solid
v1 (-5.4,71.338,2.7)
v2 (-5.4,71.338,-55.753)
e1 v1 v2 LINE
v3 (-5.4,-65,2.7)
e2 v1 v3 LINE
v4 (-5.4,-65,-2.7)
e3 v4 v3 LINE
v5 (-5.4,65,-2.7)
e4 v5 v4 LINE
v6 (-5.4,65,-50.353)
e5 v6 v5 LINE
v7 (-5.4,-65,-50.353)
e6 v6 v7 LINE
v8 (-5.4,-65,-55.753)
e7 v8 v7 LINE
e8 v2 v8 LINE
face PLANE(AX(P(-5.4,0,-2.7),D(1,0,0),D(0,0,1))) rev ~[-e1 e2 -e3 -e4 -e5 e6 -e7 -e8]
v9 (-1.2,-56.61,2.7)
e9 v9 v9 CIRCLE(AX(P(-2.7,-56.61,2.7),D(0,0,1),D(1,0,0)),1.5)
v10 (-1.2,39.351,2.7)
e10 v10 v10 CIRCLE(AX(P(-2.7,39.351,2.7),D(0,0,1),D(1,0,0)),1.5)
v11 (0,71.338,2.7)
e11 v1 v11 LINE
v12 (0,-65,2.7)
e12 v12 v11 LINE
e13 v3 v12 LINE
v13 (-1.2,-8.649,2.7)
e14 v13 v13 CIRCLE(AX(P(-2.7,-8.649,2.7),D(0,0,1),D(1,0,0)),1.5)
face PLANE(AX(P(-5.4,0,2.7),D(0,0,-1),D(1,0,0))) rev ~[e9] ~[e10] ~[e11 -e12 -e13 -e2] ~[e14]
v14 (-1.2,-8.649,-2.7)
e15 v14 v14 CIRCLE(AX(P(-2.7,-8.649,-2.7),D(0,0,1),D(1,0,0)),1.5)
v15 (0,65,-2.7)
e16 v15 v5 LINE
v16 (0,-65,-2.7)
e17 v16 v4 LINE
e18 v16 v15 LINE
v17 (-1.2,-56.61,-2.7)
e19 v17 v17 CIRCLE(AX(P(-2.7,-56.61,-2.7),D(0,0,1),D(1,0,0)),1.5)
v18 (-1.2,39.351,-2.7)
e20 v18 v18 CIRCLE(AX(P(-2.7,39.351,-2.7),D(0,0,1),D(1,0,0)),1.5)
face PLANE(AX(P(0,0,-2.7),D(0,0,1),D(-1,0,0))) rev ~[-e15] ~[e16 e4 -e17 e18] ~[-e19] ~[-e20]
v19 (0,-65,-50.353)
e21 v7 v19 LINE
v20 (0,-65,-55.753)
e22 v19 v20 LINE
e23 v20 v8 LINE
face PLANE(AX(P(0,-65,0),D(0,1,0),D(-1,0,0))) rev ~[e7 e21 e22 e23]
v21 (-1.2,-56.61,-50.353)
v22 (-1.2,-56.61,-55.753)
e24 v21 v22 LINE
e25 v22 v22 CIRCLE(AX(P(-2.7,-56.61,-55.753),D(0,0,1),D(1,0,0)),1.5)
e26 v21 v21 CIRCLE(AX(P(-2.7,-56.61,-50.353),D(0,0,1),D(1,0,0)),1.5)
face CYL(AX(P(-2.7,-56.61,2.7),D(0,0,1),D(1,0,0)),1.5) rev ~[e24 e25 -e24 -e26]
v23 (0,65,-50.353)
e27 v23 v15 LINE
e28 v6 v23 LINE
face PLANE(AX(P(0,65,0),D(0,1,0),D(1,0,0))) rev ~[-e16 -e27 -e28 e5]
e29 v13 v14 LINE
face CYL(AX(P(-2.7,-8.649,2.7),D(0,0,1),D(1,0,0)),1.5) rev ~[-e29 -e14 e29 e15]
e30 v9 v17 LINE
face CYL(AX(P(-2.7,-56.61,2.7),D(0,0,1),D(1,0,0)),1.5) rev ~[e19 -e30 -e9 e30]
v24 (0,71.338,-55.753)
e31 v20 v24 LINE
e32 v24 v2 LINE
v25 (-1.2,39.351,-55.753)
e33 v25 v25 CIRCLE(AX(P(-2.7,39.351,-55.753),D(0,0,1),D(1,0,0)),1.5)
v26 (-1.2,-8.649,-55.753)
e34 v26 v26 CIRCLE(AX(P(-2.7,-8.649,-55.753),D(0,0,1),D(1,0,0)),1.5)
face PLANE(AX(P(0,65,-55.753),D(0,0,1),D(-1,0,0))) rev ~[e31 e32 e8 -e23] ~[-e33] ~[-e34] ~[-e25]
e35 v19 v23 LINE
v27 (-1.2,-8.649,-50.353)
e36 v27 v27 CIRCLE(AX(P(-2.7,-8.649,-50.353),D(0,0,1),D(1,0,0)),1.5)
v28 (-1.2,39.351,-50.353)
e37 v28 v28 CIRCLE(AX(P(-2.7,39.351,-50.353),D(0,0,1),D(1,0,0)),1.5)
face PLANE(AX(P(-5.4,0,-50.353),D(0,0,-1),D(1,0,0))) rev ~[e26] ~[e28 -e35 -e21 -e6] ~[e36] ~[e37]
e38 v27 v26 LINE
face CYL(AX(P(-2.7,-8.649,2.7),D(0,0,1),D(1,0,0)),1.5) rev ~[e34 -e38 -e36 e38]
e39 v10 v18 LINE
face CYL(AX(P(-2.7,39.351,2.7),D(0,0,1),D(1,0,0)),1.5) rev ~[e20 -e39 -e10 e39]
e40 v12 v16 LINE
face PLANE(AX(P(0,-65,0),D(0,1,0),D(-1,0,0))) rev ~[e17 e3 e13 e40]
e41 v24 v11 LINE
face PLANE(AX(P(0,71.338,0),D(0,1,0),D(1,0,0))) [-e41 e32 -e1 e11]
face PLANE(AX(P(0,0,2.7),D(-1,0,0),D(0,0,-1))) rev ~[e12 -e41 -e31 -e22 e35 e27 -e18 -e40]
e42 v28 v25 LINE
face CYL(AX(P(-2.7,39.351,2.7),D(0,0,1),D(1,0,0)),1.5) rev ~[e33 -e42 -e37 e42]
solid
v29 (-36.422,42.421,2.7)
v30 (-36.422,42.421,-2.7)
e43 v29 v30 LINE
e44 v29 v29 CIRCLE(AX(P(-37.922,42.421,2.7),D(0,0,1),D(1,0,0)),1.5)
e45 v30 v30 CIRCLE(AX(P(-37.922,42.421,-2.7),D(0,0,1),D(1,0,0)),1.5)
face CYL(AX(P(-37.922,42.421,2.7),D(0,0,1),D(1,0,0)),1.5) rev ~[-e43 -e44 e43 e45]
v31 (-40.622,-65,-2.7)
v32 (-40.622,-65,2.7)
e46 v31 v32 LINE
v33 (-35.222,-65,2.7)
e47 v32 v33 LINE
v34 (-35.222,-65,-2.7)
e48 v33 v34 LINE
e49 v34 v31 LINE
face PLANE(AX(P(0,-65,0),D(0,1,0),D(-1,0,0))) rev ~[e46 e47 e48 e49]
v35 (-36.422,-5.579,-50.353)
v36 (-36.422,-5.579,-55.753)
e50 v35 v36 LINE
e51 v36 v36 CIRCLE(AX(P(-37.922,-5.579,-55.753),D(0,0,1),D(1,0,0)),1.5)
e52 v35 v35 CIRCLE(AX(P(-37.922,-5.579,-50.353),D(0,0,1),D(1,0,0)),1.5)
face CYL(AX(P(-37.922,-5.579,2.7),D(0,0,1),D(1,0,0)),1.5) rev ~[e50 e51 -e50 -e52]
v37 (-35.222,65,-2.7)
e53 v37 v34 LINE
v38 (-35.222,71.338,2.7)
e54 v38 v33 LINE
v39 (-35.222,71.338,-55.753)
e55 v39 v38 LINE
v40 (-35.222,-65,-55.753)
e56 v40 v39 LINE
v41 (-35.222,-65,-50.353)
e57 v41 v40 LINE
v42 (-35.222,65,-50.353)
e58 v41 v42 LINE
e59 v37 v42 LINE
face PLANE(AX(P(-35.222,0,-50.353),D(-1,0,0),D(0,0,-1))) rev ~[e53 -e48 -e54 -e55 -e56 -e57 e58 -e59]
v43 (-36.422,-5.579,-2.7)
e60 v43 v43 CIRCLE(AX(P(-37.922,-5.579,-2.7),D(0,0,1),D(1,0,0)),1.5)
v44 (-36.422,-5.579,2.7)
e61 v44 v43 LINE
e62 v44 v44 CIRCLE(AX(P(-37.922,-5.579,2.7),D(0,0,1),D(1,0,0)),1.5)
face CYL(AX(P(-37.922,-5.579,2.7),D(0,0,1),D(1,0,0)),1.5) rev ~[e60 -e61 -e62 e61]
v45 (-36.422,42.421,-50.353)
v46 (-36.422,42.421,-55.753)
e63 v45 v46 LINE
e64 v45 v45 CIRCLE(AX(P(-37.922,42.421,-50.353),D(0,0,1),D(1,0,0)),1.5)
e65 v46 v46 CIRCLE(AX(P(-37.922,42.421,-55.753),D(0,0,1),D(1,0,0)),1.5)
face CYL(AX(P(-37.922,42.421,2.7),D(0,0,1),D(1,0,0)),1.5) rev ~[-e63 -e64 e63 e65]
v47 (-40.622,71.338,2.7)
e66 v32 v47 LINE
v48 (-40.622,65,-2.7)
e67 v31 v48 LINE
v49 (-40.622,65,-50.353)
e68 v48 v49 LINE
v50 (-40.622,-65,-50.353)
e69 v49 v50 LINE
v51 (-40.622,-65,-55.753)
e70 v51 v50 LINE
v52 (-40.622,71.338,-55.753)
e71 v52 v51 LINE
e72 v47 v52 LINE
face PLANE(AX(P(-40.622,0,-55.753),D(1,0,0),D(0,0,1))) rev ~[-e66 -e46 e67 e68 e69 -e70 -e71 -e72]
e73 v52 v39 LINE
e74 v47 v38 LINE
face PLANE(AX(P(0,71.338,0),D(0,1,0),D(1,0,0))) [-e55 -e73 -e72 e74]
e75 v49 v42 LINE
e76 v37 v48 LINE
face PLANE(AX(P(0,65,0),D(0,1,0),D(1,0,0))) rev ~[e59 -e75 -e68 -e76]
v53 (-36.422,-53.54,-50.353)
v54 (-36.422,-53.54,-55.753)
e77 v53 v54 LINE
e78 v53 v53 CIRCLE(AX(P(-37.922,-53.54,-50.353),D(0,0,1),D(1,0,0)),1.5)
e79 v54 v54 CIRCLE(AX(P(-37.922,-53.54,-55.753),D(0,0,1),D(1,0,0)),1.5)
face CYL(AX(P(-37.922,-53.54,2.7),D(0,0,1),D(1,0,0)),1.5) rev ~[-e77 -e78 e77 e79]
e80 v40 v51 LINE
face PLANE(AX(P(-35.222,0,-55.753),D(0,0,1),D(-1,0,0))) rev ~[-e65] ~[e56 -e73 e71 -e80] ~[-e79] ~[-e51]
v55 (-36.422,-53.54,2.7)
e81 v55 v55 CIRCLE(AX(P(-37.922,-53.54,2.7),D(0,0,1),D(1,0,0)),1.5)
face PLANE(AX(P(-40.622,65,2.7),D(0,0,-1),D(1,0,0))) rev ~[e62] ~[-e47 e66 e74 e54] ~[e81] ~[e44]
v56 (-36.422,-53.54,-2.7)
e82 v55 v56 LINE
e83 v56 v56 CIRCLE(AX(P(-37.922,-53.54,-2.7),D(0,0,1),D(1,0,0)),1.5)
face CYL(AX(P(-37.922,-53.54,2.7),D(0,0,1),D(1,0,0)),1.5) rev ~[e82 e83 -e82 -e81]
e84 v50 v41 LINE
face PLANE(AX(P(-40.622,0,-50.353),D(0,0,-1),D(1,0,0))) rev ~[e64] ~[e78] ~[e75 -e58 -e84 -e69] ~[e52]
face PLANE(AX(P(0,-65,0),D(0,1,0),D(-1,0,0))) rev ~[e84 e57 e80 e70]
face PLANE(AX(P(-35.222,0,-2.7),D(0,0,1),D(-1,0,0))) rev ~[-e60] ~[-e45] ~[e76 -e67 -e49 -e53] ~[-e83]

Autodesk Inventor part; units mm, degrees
ref_plane "YZ Plane" through (0, 0, 0) normal (1, 0, 0) x (0, 1, 0)
ref_plane "XZ Plane" through (0, 0, 0) normal (0, 1, 0) x (-1, 0, 0)
ref_plane "XY Plane" through (0, 0, 0) normal (0, 0, 1) x (1, 0, 0)
sketch "Esboço1" plane through (0, 0, 0) normal (0, 1, 0) x (-1, 0, 0)
  line L0 (0, 2.7) -> (0, -2.7)
  line L1 (0, -2.7) -> (5.4, -2.7)
  line L2 (5.4, -2.7) -> (5.4, 2.7)
  line L3 (5.4, 2.7) -> (0, 2.7)
  line L4 (0, -50.353) -> (0, -55.753)
  line L5 (0, -55.753) -> (5.4, -55.753)
  line L6 (5.4, -55.753) -> (5.4, -50.353)
  line L7 (5.4, -50.353) -> (0, -50.353)
  line L8 (35.222, -50.353) -> (35.222, -55.753)
  line L9 (35.222, -55.753) -> (40.622, -55.753)
  line L10 (40.622, -55.753) -> (40.622, -50.353)
  line L11 (40.622, -50.353) -> (35.222, -50.353)
  line L12 (40.622, -2.7) -> (40.622, 2.7)
  line L13 (40.622, 2.7) -> (35.222, 2.7)
  line L14 (35.222, 2.7) -> (35.222, -2.7)
  line L15 (35.222, -2.7) -> (40.622, -2.7)
  point P0 (0, 0)
  point P1 (0, -53.053)
  point P2 (0, 0)
  point P3 (5.4, 0)
  point P4 (5.4, -53.053)
  point P5 (35.222, -53.053)
  point P6 (35.222, 0)
  point P7 (40.622, 0)
  point P8 (40.622, -53.053)
  point P9 (37.922, -55.753)
  point P10 (2.7, -55.753)
  point P11 (37.922, -2.7)
  point P12 (2.7, -2.7)
  point P13 (37.922, -50.353)
  point P14 (2.7, -50.353)
  point P15 (37.922, 2.7)
  point P16 (2.7, 2.7)
  dimension "d0" = 47.653
  dimension "d7" = 5.4
  dimension "d8" = 35.222
extrude "Extrusão1" add sketch "Esboço1" along normal mid plane 130
sketch "Esboço3" plane through (0, 65, 0) normal (0, 1, 0) x (1, 0, 0)
  line L0 (-40.622, -2.7) -> (-35.222, -2.7) projected
  line L1 (-40.622, 55.753) -> (-35.222, 55.753) projected
  line L2 (-40.622, -2.7) -> (-40.622, 55.753)
  line L3 (-35.222, 55.753) -> (-35.222, 50.353) projected
  line L4 (-40.622, 55.753) -> (-35.222, 55.753)
  line L5 (-35.222, -2.7) -> (-35.222, 2.7) projected
  line L6 (-35.222, 55.753) -> (-35.222, -2.7)
  line L7 (-35.222, -2.7) -> (-40.622, -2.7)
  line L8 (-5.4, 55.753) -> (-5.4, 50.353) projected
  line L9 (-5.4, -2.7) -> (-5.4, 55.753)
  line L10 (0, 55.753) -> (-5.4, 55.753) projected
  line L11 (-5.4, 55.753) -> (0, 55.753)
  line L12 (-5.4, -2.7) -> (0, -2.7) projected
  line L13 (0, 55.753) -> (0, -2.7)
  line L14 (0, -2.7) -> (-5.4, -2.7)
  point P0 (0, 0)
extrude "Extrusão2" add sketch "Esboço3" along normal blind 6.338
sketch "Esboço4" plane through (-5.4, -65, 2.7) normal (0, 0, 1) x (1, 0, 0)
  circle A0 centre (2.7, 8.39) radius 1.5
  circle A1 centre (2.7, 56.351) radius 1.5
  circle A2 centre (2.7, 104.351) radius 1.5
  circle A3 centre (-32.522, 11.46) radius 1.5
  circle A4 centre (-32.522, 59.421) radius 1.5
  circle A5 centre (-32.522, 107.421) radius 1.5
  line L0 (5.4, 0) -> (0, 0) projected
  line L1 (-29.822, 0) -> (-35.222, 0) projected
  point P0 (5.4, 65)
  point P1 (2.7, 0)
  point P2 (-32.522, 0)
  dimension "d9" = 3
  dimension "d20" = 8.39
  dimension "d22" = 47.961
  dimension "d23" = 48
  dimension "d24" = 3.07
  dimension "d25" = 3.07
  dimension "d26" = 3.07
extrude "Extrusão3" cut sketch "Esboço4" against normal up to surface (58.453 mm away)
equation "\"d8\" = Largura_trilhos"
equation "\"d9\" = Parafuso"
equation "\"d24\" = d25"
equation "\"d26\" = d25"
equation "\"Largura_trilhos\" = 35.222"
equation "\"Parafuso\" = 3"
equation "\"d11\" = 3"
equation "\"d13\" = 3"
equation "\"d15\" = 3"
equation "\"d17\" = 3"
equation "\"d19\" = 3"
properties part number "Sustentação Trilhos fixos" material "Plástico PET"
